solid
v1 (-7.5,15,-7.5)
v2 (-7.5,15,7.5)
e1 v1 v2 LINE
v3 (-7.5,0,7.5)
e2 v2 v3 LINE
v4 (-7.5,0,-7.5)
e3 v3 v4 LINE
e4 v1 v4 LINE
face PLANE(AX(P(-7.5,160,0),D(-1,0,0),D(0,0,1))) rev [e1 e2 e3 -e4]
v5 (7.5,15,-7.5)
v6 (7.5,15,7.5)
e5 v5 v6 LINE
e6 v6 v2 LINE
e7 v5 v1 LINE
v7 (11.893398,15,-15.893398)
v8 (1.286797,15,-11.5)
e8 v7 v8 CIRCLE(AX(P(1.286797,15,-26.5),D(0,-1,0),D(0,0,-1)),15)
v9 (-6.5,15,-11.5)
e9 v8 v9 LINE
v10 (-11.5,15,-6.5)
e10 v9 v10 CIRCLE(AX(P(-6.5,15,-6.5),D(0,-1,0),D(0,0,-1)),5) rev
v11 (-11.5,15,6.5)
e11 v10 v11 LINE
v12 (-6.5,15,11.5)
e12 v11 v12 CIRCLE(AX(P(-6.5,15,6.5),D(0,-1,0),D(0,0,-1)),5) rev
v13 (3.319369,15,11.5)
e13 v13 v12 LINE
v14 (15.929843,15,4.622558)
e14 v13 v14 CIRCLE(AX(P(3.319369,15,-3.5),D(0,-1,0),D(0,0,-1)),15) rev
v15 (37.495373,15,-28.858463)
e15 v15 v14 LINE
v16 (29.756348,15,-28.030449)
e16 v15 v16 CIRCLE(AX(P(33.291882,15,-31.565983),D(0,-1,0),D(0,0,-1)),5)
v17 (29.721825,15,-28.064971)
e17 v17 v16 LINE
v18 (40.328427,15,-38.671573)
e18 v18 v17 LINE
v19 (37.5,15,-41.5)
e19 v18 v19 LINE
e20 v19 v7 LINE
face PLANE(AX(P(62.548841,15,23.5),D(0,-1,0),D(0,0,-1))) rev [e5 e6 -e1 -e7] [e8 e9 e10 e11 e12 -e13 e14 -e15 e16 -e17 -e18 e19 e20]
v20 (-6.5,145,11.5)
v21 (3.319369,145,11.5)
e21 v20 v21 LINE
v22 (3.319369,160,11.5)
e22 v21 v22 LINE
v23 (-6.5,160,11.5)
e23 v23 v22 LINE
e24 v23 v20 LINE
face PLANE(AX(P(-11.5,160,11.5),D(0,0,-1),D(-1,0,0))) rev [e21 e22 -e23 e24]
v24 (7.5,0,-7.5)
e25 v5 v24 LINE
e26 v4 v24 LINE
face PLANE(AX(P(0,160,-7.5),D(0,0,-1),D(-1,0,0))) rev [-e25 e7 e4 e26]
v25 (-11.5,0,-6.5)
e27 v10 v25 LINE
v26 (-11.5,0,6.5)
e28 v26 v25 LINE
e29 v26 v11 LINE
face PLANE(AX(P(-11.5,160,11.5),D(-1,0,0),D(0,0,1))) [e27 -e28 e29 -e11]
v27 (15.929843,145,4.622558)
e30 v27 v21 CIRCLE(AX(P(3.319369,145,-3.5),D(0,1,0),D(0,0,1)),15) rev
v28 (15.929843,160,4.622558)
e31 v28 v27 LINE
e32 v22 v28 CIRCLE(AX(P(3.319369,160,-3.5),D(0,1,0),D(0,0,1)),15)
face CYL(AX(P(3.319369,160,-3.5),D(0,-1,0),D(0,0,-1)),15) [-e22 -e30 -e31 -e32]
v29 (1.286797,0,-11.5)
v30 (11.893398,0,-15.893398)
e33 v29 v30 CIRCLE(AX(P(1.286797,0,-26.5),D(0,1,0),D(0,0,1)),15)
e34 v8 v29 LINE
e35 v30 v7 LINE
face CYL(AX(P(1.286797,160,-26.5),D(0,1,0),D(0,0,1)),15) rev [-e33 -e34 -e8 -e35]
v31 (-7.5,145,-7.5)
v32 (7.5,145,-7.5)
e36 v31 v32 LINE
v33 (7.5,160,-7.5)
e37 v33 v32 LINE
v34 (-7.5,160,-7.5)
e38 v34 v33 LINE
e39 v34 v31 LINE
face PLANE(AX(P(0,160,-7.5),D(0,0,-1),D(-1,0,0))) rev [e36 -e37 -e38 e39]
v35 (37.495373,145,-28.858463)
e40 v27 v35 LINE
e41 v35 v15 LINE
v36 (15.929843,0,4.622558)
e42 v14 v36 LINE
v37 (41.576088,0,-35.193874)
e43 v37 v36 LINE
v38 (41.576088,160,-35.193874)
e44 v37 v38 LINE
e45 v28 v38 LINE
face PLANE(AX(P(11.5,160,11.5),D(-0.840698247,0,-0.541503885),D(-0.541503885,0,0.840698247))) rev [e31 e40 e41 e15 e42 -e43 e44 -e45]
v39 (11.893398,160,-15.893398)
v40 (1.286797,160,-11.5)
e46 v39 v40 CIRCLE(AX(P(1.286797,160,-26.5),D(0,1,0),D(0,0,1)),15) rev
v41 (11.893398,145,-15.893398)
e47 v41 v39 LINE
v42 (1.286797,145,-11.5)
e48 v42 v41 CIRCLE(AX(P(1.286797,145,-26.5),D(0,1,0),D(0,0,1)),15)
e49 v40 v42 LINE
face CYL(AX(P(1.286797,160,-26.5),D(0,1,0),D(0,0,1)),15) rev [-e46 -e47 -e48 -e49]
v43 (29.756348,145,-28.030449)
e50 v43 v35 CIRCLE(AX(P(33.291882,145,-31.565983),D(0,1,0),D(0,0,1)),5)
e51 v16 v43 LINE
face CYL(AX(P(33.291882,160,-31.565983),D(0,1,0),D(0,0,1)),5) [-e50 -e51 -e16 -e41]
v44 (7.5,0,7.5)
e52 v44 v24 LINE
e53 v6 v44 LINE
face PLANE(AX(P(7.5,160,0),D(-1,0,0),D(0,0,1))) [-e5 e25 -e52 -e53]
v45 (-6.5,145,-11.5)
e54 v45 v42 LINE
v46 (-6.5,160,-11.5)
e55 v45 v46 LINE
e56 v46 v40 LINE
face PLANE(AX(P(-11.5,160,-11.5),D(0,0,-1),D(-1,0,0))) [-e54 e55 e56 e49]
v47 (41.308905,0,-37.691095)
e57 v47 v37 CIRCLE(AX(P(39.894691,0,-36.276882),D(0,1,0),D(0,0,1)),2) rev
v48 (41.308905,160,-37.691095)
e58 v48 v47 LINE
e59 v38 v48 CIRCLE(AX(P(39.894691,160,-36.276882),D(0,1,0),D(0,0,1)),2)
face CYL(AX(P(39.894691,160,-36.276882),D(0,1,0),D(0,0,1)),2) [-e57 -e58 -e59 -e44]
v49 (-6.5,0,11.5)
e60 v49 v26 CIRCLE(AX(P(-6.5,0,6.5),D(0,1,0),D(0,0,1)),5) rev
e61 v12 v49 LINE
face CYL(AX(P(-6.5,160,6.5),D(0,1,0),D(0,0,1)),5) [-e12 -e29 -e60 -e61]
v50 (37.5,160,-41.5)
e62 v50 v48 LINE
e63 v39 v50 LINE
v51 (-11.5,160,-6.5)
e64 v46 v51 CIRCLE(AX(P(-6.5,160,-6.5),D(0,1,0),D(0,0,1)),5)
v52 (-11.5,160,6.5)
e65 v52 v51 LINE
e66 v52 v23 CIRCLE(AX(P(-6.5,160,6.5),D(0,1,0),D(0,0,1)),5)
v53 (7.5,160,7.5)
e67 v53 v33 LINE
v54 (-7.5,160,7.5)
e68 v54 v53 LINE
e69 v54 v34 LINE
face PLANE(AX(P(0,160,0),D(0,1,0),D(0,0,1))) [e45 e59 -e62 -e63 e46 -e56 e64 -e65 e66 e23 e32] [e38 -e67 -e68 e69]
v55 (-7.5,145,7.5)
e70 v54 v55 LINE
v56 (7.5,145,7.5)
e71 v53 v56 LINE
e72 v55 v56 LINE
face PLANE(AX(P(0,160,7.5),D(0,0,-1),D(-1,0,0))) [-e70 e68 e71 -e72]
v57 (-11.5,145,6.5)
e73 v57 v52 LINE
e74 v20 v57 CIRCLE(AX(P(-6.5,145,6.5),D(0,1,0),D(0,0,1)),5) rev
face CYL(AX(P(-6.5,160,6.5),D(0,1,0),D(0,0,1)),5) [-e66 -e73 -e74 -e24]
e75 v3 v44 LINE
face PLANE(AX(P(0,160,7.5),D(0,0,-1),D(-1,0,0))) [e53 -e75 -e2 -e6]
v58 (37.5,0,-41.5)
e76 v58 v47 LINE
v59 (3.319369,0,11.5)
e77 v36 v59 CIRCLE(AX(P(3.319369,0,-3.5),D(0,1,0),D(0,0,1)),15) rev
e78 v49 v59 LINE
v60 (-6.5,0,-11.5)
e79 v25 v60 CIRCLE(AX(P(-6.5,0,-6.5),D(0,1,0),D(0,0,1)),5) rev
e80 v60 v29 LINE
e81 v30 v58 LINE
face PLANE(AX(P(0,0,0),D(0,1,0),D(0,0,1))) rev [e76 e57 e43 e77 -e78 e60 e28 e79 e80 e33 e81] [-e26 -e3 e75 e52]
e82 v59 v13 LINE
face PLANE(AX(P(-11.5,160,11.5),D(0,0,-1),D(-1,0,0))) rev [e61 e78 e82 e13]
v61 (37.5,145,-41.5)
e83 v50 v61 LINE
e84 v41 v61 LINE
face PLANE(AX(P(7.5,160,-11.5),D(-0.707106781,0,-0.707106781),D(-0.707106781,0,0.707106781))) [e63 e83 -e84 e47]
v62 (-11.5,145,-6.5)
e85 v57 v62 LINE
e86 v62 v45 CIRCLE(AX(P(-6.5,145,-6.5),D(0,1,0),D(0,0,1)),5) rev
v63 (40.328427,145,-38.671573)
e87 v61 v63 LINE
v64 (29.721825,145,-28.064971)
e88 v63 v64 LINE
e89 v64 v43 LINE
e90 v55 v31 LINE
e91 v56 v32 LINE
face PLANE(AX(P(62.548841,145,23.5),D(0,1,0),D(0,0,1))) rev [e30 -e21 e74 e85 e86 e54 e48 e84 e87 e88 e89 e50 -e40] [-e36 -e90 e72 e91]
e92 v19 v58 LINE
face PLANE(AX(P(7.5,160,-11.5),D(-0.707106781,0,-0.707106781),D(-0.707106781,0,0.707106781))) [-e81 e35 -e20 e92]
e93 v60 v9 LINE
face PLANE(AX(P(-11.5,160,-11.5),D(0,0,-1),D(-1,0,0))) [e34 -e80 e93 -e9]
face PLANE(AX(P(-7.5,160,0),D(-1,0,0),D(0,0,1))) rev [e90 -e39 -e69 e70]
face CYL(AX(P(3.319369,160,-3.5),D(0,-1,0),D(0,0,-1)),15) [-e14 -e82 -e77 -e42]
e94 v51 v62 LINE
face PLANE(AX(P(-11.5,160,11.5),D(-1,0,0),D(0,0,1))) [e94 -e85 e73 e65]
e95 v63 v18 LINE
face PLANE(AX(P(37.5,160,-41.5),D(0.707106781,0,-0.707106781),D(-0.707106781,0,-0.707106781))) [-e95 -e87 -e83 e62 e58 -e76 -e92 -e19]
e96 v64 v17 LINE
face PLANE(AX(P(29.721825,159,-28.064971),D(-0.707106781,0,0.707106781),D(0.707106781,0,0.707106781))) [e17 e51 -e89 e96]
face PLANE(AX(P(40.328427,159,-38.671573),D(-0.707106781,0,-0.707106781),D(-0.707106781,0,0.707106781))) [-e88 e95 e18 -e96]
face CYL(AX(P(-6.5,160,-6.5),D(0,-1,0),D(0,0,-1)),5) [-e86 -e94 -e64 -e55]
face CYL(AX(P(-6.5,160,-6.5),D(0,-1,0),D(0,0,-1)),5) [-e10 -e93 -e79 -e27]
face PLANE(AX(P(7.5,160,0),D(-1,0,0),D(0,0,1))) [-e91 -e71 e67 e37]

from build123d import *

# Parameters (mm, degrees)
SKETCH_1_W          = 15.000000000000002
SKETCH_1_H          = 15
EXTRUDE_1_DEPTH     = 160
CUT_EXTRUDE_2_DEPTH = 35
FILLET_3_R          = 5
FILLET_4_R          = 5
FILLET_6_R          = 15
FILLET_7_R          = 15
FILLET_8_R          = 15
FILLET_9_R          = 15
EXTRUDE_2_DEPTH     = 159
FILLET_10_R         = 5
FILLET_11_R         = 2


with BuildPart() as part:
    # 草图1 → 凸台-拉伸1 (new body)
    with BuildSketch(Plane(origin=(0, 0, 0), x_dir=(1, 0, 0), z_dir=(0, 1, 0))):
        Polygon((-11.5, 11.500000000000002), (7.5, 11.500000000000002), (37.49999999999999, 41.49999999999999), (42.44974746830583, 36.550252531694156), (11.5, -11.5), (-11.5, -11.5), align=None)
        Rectangle(SKETCH_1_W, SKETCH_1_H, mode=Mode.SUBTRACT)
    extrude(amount=EXTRUDE_1_DEPTH)

    # 草图4 → 切除-拉伸2 (cut, symmetric)
    with BuildSketch(Plane(origin=(0, 0, -11.500000000000002), x_dir=(-1, 0, 0), z_dir=(0, 0, -1))):
        Polygon((-62.54884054332868, 145.00000000000003), (52.803582628705634, 145.00000000000003), (52.80358262870564, 15), (-62.548840543328666, 15), align=None)
    extrude(amount=CUT_EXTRUDE_2_DEPTH, both=True, mode=Mode.SUBTRACT)


with BuildPart() as cut_extrude_2_piece_1:
    # of the separate pieces the step leaves, piece 1, a body of its own (cut_extrude_2_pieces)
    add(part.part.solids().sort_by_distance((-11.5, 0, -11.5))[0])

    # 圆角4
    fillet_4_edges = [cut_extrude_2_piece_1.edges().sort_by_distance(p)[0] for p in [
        (-11.5, 7.5, 11.5),
        (-11.5, 7.5, -11.500000000000002),
    ]]
    fillet(fillet_4_edges, radius=FILLET_4_R)

    # 圆角7
    fillet_7_edges = [cut_extrude_2_piece_1.edges().sort_by_distance(p)[0] for p in [
        (11.5, 7.5, 11.5),
    ]]
    fillet(fillet_7_edges, radius=FILLET_7_R)

    # 圆角8
    fillet_8_edges = [cut_extrude_2_piece_1.edges().sort_by_distance(p)[0] for p in [
        (7.5, 7.5, -11.500000000000002),
    ]]
    fillet(fillet_8_edges, radius=FILLET_8_R)



with BuildPart() as cut_extrude_2_piece_2:
    # of the separate pieces the step leaves, piece 2, a body of its own (cut_extrude_2_pieces)
    add(part.part.solids().sort_by_distance((7.5, 145, -11.5))[0])

    # 圆角3
    fillet_3_edges = [cut_extrude_2_piece_2.edges().sort_by_distance(p)[0] for p in [
        (-11.5, 152.5, -11.500000000000002),
        (-11.5, 152.5, 11.5),
    ]]
    fillet(fillet_3_edges, radius=FILLET_3_R)

    # 圆角6
    fillet_6_edges = [cut_extrude_2_piece_2.edges().sort_by_distance(p)[0] for p in [
        (11.5, 152.5, 11.5),
    ]]
    fillet(fillet_6_edges, radius=FILLET_6_R)

    # 圆角9
    fillet_9_edges = [cut_extrude_2_piece_2.edges().sort_by_distance(p)[0] for p in [
        (7.5, 152.5, -11.500000000000002),
    ]]
    fillet(fillet_9_edges, radius=FILLET_9_R)


with BuildPart() as cut_extrude_2_piece_1_1:
    add(cut_extrude_2_piece_1.part)

    add(cut_extrude_2_piece_2.part)  # 凸台-拉伸2 merges 切除-拉伸2 piece 2
    # 草图6 → 凸台-拉伸2 (add)
    with BuildSketch(Plane.XZ):
        Polygon((29.72182540693865, -28.064971157451247), (34.139072919876334, -23.647723644513547), (42.44974746830049, -36.550252531685864), (40.328427124736876, -38.671572875249474), align=None)
    extrude(amount=-EXTRUDE_2_DEPTH)

    # 圆角10
    fillet_10_edges = [cut_extrude_2_piece_1_1.edges().sort_by_distance(p)[0] for p in [
        (34.139072919876334, 80.00000000000003, -23.647723644513547),
    ]]
    fillet(fillet_10_edges, radius=FILLET_10_R)

    # 圆角11
    fillet_11_edges = [cut_extrude_2_piece_1_1.edges().sort_by_distance(p)[0] for p in [
        (42.449747468304494, 80, -36.55025253169208),
    ]]
    fillet(fillet_11_edges, radius=FILLET_11_R)


solid = cut_extrude_2_piece_1_1.part
